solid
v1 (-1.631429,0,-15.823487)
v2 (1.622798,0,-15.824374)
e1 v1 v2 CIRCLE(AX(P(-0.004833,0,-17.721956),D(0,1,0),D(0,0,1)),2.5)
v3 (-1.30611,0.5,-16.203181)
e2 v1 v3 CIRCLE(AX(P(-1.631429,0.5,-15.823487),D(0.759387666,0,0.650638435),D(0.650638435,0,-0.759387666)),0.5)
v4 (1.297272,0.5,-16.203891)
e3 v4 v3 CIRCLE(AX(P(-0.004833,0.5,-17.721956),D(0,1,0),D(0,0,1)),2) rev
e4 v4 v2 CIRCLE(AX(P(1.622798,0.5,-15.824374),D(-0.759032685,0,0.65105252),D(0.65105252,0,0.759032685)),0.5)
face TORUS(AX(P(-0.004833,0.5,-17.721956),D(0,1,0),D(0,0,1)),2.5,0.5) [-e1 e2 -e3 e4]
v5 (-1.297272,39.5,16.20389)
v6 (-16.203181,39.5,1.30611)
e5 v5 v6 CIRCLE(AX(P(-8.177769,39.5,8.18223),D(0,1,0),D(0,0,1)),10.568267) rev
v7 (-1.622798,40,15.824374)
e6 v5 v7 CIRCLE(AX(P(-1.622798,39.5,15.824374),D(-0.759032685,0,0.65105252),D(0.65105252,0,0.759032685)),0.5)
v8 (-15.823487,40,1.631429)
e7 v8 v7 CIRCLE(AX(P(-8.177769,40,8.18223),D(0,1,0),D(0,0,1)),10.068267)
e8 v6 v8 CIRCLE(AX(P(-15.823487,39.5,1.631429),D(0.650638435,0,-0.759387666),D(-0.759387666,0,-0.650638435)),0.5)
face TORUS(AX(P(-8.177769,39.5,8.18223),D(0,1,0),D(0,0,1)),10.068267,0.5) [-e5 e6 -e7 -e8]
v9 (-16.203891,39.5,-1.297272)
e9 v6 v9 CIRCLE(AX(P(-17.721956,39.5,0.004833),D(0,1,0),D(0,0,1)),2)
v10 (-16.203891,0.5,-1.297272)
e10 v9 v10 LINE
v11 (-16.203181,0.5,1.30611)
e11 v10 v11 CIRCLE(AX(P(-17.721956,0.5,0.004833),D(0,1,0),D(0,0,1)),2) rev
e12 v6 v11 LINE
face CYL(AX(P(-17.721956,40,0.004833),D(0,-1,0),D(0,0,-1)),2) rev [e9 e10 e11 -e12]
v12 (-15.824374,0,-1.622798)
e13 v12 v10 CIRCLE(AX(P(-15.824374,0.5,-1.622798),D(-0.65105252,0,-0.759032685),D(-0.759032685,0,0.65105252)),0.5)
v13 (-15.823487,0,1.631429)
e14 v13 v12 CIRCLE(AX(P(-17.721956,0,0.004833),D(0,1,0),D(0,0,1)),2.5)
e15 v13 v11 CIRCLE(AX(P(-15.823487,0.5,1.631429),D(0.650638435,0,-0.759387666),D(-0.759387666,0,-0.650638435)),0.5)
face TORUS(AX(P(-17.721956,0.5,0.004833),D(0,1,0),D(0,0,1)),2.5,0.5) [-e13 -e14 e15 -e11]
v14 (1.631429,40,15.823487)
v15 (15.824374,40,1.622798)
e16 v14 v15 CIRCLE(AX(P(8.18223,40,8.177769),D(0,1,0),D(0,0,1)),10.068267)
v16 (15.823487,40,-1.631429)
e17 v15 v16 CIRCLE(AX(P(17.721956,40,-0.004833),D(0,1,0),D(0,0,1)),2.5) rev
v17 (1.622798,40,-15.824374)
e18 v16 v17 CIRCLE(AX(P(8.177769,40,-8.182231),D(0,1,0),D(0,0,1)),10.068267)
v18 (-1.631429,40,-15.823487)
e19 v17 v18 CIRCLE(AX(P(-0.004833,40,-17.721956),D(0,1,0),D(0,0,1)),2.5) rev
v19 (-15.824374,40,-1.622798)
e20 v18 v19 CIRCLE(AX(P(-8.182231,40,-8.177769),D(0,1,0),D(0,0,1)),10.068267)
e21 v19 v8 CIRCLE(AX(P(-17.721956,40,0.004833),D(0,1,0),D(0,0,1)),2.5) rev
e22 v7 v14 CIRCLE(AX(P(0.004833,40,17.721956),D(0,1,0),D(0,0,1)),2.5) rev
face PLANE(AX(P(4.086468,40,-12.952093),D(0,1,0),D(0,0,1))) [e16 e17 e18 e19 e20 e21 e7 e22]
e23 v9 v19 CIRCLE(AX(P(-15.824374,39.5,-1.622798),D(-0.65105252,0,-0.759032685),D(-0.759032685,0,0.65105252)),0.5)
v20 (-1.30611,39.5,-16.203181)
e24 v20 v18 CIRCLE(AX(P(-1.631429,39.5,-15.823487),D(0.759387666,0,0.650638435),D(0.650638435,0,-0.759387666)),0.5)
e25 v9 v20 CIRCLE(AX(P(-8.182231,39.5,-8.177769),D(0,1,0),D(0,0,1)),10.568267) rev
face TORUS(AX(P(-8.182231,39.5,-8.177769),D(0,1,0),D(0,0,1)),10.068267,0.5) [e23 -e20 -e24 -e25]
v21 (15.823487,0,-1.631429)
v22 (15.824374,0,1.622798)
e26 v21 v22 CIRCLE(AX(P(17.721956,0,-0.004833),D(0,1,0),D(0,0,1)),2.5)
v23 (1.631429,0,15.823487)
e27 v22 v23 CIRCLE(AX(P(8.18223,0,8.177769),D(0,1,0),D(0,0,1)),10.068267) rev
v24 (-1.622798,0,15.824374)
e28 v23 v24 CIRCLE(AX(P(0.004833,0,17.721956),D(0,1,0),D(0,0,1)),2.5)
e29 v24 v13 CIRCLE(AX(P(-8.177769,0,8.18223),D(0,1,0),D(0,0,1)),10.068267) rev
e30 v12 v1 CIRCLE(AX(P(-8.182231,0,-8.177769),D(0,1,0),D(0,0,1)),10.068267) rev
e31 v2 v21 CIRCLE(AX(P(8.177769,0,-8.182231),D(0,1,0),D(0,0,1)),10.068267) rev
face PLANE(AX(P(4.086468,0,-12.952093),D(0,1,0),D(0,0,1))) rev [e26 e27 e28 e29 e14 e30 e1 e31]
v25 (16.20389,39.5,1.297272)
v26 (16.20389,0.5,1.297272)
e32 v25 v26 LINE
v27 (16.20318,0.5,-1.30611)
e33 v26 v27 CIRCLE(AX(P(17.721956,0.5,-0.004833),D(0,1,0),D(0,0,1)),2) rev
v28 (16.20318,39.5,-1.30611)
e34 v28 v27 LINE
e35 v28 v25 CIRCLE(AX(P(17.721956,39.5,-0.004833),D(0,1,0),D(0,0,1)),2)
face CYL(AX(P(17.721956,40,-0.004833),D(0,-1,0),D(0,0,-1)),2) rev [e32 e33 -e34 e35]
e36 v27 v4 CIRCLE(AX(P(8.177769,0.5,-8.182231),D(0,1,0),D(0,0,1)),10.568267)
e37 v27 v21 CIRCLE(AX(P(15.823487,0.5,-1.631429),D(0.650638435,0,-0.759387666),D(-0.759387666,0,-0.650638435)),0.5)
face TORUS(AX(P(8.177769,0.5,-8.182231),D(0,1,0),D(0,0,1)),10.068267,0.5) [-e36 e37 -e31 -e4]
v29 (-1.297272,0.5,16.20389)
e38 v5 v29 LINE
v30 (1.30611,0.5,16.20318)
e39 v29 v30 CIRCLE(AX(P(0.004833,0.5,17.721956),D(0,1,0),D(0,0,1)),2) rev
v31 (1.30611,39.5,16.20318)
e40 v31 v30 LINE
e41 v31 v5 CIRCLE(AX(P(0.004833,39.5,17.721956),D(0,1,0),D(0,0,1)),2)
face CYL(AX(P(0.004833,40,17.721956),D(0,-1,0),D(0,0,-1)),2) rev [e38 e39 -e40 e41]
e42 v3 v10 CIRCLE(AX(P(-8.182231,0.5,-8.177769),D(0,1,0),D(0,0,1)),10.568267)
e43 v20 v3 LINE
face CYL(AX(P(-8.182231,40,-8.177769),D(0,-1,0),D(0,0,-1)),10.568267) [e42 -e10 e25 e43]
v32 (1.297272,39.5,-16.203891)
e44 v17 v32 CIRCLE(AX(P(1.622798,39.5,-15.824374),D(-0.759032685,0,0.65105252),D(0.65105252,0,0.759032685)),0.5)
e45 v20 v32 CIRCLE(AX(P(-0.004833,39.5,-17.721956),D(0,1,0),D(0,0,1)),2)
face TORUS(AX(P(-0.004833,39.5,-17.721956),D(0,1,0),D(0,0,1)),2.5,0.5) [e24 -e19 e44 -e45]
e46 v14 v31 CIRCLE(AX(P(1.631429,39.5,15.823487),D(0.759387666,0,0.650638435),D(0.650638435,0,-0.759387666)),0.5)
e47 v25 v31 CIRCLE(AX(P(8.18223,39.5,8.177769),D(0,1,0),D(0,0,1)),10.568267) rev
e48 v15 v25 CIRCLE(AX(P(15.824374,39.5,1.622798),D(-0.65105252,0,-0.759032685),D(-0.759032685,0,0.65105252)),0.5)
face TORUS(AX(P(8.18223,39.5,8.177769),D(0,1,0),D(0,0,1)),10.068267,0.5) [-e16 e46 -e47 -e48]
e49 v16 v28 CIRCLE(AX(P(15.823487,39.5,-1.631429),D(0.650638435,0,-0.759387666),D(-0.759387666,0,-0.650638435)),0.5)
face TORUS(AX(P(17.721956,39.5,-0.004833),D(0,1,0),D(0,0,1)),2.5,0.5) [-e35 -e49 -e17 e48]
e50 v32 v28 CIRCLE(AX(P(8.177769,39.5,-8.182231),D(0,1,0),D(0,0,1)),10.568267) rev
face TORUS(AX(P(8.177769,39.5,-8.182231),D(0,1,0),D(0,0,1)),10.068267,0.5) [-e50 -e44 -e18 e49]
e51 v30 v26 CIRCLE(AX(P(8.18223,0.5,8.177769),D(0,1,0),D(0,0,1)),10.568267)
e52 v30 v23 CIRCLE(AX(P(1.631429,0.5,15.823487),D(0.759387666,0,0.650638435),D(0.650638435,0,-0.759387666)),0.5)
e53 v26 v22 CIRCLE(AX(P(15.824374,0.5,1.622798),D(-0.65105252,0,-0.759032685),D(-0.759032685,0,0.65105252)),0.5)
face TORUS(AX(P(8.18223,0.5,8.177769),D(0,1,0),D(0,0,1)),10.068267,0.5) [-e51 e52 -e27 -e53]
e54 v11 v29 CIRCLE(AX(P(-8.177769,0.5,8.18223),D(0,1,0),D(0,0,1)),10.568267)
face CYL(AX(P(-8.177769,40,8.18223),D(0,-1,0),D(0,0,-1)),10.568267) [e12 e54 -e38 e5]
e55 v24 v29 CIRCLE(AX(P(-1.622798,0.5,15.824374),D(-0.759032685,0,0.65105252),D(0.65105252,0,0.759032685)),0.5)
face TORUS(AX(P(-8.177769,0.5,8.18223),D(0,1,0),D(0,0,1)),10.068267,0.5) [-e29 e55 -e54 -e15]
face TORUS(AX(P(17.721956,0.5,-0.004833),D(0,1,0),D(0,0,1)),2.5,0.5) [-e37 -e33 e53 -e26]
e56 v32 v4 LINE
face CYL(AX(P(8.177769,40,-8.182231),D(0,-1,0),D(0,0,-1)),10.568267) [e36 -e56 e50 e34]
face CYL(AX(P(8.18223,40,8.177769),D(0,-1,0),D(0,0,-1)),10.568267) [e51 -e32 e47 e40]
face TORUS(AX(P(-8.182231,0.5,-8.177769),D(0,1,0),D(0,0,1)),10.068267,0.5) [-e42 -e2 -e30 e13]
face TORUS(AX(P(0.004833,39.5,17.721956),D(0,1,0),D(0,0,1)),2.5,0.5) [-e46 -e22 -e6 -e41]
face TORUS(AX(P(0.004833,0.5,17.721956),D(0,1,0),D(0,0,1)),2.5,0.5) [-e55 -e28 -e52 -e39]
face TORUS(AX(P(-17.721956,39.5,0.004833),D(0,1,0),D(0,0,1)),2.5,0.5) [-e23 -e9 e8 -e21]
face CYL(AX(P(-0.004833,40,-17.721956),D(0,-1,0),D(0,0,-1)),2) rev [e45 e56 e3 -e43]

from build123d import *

# Parameters (mm, degrees)
BOSS_EXTRUDE1_DEPTH = 40
FILLET1_R           = 0.5


with BuildPart() as part:
    # Sketch1 → Boss-Extrude1 (new body)
    with BuildSketch(Plane(origin=(0, 0, 0), x_dir=(-1, 0, 0), z_dir=(0, 1, 0))):
        with BuildLine():
            ThreePointArc((-1.297272016, -16.203890569), (-15.648623862, -15.657161397), (-16.203180401, -1.306109879))
            ThreePointArc((-16.203180401, -1.306109879), (-15.721955807, -0.004287594), (-16.203890363, 1.29727203))
            ThreePointArc((-16.203890363, 1.29727203), (-15.657161191, 15.648623877), (-1.306109674, 16.203180415))
            ThreePointArc((-1.306109674, 16.203180415), (-0.004287389, 15.721955821), (1.297272236, 16.203890378))
            ThreePointArc((1.297272236, 16.203890378), (15.648624082, 15.657161206), (16.203180621, 1.306109688))
            ThreePointArc((16.203180621, 1.306109688), (15.721956027, 0.004287403), (16.203890583, -1.297272221))
            ThreePointArc((16.203890583, -1.297272221), (15.657161411, -15.648624068), (1.306109893, -16.203180607))
            ThreePointArc((1.306109893, -16.203180607), (0.004287608, -15.721956013), (-1.297272016, -16.203890569))
        make_face()
    extrude(amount=BOSS_EXTRUDE1_DEPTH)

    # Fillet1
    fillet1_edges = [part.edges().sort_by_distance(p)[0] for p in [
        (-15.648624082, 0, 15.657161206),
        (-15.721956027, 0, 0.004287403),
        (-15.657161411, 0, -15.648624068),
        (-0.004287608, 0, -15.721956013),
        (-15.721956027, 40, 0.004287403),
        (-15.648624082, 40, 15.657161206),
        (0.004287389, 40, 15.721955821),
        (15.657161191, 40, 15.648623877),
        (15.721955807, 40, -0.004287594),
        (15.648623862, 40, -15.657161397),
        (-0.004287608, 40, -15.721956013),
        (15.648623862, 0, -15.657161397),
        (-15.657161411, 40, -15.648624068),
        (15.721955807, 0, -0.004287594),
        (15.657161191, 0, 15.648623877),
        (0.004287389, 0, 15.721955821),
    ]]
    fillet(fillet1_edges, radius=FILLET1_R)


solid = part.part
